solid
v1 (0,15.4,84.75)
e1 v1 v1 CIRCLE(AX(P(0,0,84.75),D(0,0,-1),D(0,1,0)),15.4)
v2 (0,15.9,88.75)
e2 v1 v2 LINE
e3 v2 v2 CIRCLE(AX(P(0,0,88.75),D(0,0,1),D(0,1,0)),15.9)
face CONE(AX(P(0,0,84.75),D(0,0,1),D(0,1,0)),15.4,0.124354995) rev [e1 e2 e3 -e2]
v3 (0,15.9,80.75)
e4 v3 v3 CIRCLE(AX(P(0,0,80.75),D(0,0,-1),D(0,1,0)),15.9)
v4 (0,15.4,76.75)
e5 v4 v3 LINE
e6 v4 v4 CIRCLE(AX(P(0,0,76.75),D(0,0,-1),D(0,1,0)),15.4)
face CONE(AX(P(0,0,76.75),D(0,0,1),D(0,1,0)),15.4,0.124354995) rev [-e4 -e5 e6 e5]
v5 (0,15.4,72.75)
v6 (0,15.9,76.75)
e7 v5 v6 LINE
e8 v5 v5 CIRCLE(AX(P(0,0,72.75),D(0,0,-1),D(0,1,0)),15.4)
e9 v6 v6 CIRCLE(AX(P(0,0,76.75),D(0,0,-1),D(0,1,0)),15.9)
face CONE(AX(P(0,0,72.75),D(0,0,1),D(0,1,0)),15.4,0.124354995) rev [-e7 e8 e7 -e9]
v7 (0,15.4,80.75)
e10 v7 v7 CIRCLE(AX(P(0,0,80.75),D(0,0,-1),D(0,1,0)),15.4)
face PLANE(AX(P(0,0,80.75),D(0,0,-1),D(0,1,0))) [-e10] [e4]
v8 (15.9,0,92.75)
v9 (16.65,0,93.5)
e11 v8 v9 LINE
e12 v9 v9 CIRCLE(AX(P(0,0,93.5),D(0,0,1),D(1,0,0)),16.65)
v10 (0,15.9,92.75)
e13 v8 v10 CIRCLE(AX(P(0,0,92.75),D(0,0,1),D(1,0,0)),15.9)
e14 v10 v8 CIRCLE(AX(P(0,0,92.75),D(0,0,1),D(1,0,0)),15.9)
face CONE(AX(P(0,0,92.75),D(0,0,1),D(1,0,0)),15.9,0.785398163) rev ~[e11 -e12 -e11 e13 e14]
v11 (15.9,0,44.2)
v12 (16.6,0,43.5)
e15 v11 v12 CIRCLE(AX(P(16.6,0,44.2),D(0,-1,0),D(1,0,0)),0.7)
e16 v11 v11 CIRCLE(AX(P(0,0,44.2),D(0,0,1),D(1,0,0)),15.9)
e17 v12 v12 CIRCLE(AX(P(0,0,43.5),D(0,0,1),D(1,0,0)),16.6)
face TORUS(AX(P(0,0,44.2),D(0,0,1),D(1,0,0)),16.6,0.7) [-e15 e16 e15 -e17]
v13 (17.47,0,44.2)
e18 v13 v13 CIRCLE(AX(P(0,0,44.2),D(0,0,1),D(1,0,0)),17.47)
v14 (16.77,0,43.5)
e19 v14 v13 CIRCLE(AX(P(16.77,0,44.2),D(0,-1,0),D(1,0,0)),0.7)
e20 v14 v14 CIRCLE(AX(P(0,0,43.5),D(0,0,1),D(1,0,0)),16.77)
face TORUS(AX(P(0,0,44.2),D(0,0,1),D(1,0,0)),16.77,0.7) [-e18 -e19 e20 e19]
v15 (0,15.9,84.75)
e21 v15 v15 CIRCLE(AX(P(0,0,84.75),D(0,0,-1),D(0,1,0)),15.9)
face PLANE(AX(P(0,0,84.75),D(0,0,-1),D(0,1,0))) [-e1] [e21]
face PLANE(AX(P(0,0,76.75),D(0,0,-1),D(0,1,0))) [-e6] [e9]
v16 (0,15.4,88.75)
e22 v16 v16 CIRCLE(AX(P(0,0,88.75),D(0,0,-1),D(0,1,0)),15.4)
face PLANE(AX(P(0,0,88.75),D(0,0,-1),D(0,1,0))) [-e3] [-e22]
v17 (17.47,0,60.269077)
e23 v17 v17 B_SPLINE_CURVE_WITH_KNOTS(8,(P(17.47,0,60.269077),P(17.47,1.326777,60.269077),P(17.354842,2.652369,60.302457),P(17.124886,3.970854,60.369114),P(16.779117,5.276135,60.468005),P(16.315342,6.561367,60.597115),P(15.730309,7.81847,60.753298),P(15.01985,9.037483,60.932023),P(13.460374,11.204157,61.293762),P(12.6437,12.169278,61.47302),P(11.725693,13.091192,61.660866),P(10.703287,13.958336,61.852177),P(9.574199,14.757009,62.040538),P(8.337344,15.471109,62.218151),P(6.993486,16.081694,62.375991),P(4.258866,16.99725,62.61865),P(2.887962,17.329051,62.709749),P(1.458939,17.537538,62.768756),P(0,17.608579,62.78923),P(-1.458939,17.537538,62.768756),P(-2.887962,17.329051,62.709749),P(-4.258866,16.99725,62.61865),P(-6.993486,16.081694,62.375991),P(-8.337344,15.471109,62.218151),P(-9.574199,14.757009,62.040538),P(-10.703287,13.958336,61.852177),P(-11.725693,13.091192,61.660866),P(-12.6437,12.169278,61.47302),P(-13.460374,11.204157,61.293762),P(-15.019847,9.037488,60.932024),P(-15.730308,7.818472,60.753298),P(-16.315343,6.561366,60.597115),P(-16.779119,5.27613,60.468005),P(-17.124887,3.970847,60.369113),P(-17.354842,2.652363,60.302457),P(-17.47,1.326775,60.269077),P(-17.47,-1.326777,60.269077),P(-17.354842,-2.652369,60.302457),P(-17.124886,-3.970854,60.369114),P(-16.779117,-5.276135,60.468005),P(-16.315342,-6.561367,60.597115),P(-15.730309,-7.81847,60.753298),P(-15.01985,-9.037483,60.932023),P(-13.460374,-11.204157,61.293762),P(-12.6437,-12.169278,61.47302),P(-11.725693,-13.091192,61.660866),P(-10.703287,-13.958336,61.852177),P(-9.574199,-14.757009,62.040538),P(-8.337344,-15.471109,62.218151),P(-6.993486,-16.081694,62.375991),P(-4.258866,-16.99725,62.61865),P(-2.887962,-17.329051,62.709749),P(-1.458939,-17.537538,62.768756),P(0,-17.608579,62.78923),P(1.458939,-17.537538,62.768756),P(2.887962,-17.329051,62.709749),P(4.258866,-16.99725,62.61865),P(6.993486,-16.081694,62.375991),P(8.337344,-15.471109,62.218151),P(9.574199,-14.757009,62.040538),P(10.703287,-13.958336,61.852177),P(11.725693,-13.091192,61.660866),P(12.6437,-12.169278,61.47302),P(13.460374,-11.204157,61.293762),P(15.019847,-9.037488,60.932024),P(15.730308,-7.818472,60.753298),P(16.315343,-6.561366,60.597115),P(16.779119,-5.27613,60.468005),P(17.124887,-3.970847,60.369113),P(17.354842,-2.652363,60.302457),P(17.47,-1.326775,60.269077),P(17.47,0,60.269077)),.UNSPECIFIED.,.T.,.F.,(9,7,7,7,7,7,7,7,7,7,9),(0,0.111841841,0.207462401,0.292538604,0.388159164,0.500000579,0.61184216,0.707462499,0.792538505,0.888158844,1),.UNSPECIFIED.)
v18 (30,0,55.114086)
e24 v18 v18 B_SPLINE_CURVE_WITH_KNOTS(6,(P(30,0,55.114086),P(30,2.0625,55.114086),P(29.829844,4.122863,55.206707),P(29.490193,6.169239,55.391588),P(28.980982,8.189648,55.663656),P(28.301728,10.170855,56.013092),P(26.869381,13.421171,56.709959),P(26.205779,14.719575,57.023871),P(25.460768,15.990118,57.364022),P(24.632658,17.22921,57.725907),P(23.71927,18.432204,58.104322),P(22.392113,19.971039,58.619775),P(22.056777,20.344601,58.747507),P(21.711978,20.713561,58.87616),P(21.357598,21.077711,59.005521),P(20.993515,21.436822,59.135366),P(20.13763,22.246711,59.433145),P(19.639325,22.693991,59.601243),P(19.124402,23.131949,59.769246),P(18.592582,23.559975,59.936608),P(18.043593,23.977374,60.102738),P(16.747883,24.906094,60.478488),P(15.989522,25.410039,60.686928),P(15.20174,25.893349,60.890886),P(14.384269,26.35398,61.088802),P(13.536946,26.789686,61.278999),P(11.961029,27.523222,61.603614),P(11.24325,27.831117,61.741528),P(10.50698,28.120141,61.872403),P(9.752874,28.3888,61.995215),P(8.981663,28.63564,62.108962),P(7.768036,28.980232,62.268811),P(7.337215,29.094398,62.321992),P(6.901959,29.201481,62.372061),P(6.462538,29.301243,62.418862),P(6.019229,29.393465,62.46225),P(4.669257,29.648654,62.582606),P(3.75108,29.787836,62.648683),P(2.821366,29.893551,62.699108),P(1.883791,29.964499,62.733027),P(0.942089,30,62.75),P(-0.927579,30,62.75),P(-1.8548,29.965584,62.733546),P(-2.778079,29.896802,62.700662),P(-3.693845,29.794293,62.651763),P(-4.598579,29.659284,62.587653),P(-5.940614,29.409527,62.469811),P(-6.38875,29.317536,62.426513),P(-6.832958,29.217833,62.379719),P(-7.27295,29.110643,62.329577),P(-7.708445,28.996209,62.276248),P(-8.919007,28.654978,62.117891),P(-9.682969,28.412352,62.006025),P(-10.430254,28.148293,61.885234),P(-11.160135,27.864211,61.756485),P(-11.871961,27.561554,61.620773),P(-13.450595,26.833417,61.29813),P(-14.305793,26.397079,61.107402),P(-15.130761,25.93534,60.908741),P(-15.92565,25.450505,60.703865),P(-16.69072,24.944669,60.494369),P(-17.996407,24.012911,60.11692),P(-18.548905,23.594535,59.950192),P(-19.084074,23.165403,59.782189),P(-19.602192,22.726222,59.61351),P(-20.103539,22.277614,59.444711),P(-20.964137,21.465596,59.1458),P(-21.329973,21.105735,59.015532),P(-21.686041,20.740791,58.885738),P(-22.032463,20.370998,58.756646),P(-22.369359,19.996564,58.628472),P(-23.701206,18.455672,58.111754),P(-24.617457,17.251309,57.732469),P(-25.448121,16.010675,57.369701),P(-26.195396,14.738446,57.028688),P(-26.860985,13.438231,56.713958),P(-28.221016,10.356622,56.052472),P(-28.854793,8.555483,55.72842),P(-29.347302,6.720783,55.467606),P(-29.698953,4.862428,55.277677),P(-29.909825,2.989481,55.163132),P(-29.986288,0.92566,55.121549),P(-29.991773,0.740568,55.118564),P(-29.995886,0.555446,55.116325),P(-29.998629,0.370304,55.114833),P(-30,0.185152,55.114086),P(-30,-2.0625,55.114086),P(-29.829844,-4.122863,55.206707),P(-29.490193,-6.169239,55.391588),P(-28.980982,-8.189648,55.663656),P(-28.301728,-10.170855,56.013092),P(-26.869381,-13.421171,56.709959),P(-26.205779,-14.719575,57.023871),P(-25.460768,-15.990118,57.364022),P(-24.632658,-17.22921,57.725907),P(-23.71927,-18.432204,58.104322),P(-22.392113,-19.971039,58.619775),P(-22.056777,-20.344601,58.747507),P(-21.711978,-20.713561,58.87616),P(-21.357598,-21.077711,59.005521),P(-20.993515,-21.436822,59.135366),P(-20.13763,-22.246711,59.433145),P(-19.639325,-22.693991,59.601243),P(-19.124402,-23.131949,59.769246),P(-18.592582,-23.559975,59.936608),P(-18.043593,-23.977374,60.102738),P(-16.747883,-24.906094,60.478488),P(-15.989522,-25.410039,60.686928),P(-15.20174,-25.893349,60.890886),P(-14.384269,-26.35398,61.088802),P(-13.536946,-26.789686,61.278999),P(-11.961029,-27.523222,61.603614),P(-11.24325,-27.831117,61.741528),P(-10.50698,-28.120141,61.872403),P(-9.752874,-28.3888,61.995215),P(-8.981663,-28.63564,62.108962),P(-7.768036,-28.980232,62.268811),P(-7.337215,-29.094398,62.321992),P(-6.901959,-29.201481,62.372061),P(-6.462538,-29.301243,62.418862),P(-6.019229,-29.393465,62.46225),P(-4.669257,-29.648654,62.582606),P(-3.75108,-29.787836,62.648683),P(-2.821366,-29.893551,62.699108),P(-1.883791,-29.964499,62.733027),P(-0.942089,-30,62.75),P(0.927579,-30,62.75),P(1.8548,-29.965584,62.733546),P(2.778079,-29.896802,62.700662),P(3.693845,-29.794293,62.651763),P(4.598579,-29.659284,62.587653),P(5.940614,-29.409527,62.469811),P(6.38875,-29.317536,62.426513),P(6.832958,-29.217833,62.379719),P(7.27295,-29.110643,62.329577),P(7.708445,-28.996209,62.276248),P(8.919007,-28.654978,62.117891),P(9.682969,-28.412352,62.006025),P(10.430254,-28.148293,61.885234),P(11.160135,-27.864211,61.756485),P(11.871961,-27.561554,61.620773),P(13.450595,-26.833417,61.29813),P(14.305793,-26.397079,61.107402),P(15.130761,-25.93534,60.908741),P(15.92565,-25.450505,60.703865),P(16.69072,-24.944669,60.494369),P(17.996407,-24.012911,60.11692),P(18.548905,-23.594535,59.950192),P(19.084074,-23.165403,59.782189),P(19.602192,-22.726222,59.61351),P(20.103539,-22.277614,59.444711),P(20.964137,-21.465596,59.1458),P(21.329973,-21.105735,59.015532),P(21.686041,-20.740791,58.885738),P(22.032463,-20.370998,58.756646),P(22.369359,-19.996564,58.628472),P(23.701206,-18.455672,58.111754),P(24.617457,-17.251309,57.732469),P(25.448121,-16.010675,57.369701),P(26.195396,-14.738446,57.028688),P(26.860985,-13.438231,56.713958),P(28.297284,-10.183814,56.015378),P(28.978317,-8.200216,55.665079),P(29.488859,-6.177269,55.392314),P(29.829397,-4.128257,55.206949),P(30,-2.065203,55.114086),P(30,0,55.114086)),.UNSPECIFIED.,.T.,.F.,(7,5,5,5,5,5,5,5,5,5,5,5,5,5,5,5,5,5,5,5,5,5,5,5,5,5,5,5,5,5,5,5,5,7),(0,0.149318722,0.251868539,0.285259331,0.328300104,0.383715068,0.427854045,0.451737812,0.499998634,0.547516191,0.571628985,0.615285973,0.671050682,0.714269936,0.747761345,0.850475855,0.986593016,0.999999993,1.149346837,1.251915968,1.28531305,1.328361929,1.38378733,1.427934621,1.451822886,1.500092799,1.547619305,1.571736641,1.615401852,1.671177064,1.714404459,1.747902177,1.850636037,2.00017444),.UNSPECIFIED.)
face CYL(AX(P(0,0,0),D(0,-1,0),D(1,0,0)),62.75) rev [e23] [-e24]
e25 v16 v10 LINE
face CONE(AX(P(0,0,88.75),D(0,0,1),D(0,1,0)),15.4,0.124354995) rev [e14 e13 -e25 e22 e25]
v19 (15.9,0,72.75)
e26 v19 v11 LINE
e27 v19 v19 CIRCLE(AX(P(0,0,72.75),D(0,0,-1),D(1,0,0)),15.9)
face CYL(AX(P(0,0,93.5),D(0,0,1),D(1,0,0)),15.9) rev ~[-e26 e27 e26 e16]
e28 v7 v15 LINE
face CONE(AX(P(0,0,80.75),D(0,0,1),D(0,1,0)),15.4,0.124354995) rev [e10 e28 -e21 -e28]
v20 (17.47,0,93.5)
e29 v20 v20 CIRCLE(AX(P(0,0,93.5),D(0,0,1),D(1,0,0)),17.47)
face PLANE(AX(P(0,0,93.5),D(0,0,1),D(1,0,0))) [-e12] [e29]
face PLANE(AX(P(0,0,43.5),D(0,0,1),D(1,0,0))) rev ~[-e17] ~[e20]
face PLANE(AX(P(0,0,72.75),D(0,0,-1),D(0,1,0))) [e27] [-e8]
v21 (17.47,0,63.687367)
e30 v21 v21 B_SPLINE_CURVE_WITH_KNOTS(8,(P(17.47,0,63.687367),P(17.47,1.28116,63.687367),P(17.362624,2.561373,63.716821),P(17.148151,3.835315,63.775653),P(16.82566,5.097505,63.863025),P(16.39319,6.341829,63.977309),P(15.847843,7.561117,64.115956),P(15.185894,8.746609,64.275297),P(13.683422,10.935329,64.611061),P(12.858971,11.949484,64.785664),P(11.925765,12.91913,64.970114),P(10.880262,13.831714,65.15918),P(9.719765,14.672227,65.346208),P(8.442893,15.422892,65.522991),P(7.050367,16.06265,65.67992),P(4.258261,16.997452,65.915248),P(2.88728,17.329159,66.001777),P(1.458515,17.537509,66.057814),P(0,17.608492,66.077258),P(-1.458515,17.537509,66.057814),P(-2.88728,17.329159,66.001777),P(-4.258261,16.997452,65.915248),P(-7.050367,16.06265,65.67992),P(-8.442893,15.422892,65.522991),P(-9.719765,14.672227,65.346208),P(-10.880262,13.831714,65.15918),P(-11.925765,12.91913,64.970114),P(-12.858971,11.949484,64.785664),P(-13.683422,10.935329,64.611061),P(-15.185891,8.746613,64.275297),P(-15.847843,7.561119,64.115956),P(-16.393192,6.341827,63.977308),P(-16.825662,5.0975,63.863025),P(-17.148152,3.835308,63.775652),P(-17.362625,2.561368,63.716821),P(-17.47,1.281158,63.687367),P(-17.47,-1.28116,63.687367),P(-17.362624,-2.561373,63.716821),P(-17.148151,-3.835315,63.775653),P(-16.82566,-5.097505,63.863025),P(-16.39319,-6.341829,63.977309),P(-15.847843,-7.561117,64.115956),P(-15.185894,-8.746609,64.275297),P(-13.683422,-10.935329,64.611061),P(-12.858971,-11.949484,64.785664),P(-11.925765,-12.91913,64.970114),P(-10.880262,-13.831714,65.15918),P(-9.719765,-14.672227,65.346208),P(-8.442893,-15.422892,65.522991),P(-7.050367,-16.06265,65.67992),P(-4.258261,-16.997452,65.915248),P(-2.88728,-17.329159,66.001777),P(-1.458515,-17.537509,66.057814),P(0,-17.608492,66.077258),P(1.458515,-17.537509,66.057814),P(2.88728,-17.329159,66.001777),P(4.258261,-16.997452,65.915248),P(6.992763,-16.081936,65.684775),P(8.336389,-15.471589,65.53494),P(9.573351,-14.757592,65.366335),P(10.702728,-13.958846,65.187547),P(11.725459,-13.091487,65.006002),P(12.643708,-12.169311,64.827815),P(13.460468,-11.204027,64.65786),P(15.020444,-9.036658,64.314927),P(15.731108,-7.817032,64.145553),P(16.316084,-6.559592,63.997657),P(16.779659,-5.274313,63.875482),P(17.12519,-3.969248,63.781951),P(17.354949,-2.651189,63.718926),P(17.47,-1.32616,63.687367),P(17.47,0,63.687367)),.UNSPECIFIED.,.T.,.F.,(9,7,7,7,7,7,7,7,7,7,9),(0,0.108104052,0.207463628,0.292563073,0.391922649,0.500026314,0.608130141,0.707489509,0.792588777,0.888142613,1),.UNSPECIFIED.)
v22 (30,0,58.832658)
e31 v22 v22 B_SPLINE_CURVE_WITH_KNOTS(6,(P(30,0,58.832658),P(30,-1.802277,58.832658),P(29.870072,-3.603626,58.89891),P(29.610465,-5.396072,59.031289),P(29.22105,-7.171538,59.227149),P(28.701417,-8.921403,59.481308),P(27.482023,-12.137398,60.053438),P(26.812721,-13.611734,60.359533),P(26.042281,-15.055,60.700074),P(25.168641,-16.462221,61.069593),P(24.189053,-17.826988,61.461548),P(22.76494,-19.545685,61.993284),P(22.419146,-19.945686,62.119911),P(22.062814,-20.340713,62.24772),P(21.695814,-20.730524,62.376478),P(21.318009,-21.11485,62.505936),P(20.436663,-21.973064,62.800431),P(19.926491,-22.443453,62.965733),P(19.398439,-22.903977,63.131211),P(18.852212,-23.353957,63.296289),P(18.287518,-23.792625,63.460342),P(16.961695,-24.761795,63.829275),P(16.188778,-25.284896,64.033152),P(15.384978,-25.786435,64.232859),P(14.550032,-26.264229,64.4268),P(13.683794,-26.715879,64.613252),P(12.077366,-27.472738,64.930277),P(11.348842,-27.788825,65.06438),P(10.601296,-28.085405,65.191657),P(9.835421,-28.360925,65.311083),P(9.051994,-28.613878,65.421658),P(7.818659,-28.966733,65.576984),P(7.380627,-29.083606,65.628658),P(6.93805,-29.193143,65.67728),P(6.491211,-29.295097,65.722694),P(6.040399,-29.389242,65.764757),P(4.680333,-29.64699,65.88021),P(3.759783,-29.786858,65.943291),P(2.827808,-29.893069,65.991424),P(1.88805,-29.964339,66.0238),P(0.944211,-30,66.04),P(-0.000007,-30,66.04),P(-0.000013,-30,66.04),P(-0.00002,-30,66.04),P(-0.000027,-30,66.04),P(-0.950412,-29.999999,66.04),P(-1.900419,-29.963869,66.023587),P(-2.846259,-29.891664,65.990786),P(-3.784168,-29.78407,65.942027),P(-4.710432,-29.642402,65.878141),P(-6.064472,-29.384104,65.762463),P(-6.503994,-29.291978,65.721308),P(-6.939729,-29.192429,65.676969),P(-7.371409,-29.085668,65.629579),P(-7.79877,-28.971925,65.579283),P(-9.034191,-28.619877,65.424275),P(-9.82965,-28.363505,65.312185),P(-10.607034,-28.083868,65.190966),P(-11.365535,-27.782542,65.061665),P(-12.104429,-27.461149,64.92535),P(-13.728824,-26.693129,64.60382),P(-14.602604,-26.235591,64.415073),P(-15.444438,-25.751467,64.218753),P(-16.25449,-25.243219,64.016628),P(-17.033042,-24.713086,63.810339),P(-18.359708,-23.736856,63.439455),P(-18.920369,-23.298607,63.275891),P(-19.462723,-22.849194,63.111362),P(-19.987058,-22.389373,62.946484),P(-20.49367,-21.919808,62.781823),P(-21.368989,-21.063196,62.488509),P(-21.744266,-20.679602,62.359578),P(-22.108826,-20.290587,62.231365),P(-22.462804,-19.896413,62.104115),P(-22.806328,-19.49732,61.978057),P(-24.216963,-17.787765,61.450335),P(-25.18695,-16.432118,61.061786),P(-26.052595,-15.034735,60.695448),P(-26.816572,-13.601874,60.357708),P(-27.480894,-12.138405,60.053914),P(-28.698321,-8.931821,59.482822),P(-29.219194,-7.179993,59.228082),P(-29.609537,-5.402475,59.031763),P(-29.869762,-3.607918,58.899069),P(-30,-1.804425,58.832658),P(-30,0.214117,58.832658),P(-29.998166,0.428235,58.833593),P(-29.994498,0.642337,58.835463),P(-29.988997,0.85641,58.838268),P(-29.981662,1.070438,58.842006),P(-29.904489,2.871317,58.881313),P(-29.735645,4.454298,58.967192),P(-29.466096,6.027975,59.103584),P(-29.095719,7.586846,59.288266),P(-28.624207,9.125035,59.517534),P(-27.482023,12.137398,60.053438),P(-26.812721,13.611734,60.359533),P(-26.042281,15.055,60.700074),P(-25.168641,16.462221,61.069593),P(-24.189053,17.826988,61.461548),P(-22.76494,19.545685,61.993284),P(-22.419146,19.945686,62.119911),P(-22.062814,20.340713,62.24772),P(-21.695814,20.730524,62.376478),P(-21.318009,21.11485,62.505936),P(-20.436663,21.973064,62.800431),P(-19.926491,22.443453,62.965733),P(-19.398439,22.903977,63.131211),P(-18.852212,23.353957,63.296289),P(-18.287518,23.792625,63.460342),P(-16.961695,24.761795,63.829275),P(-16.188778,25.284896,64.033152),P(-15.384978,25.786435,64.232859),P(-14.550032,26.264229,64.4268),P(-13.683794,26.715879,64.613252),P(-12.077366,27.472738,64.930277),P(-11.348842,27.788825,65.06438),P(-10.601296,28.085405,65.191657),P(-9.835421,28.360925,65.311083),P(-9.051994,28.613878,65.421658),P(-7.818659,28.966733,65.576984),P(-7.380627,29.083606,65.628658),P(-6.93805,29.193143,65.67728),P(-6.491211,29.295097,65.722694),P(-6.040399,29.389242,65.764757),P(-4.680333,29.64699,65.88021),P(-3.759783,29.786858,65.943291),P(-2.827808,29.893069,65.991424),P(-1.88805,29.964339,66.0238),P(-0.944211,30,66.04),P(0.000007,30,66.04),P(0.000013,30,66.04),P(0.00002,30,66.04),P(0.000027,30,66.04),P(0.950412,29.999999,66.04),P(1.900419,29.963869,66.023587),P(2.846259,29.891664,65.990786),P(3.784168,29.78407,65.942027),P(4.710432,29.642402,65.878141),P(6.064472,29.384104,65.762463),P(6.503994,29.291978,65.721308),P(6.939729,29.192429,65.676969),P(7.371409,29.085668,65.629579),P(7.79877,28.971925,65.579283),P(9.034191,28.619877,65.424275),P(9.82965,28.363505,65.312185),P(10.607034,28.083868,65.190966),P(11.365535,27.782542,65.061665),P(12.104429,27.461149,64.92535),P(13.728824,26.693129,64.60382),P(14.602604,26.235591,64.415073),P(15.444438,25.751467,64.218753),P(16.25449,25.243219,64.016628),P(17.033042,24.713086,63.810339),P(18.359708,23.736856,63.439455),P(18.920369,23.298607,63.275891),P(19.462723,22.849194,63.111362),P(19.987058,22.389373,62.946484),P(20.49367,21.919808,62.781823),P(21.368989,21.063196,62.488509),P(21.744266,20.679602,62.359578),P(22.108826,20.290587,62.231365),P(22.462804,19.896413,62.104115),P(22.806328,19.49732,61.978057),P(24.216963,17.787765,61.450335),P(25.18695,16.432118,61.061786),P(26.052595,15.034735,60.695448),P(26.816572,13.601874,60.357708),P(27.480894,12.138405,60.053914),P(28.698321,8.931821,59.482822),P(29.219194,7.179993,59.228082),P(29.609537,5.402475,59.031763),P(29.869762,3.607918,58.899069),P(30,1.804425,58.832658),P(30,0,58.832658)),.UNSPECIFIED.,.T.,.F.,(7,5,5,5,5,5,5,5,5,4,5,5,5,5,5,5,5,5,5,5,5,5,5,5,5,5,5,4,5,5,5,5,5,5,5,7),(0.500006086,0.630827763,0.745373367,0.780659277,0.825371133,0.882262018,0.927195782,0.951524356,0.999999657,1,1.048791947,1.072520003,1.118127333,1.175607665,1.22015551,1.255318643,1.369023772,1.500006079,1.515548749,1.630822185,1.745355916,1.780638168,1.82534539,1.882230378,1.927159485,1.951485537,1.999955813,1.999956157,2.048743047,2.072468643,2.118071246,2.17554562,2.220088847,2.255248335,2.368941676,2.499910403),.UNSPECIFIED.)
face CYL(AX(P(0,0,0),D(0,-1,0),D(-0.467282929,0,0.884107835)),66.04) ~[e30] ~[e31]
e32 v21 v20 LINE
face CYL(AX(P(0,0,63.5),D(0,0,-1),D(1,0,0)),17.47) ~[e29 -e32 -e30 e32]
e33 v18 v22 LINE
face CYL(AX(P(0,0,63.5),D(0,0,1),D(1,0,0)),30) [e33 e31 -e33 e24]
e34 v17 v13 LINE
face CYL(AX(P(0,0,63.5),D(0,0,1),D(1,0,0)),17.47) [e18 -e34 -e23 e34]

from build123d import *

# Parameters (mm, degrees)
SKETCH2_R                = 30
BOSS_EXTRUDE4_DEPTH      = 2.54
BOSS_EXTRUDE4_DEPTH_BACK = 12.7
SKETCH1_R                = 62.75
CUT_EXTRUDE5_DEPTH       = 31
CUT_EXTRUDE5_DEPTH_BACK  = 31
CUT_EXTRUDE6_DEPTH       = 31.0000001
CUT_EXTRUDE6_DEPTH_BACK  = 31.0000001
SKETCH12_R               = 17.47
BOSS_EXTRUDE7_DEPTH      = 30
BOSS_EXTRUDE7_DEPTH_BACK = 20
SKETCH20_R               = 15.9
CUT_EXTRUDE8_DEPTH       = 51.0000001
CHAMFER1_SIZE            = 0.75
FILLET1_R                = 0.7
LPATTERN1_COUNT          = 5
LPATTERN1_PITCH          = 4


with BuildPart() as part:
    # Sketch2 → Boss-Extrude4 (new body, two sides)
    with BuildSketch(Plane.XY.offset(63.5)) as boss_extrude4_sk:
        Circle(SKETCH2_R)
    extrude(amount=BOSS_EXTRUDE4_DEPTH)
    extrude(boss_extrude4_sk.sketch, amount=-BOSS_EXTRUDE4_DEPTH_BACK)

    # Sketch1 → Cut-Extrude5 (cut, two sides)
    with BuildSketch(Plane(origin=(0, 0, 0), x_dir=(1, 0, 0), z_dir=(0, 1, 0))) as cut_extrude5_sk:
        Circle(SKETCH1_R)
    extrude(amount=CUT_EXTRUDE5_DEPTH, mode=Mode.SUBTRACT)
    extrude(cut_extrude5_sk.sketch, amount=-CUT_EXTRUDE5_DEPTH_BACK, mode=Mode.SUBTRACT)

    # Sketch11 → Cut-Extrude6 (cut, two sides)
    with BuildSketch(Plane(origin=(0, 0, 0), x_dir=(1, 0, 0), z_dir=(0, 1, 0))) as cut_extrude6_sk:
        with BuildLine():
            Line((31.285011062, -58.15951928), (31.285011062, -70.975470201))
            Line((31.285011062, -70.975470201), (-30.859364653, -70.975470201))
            Line((-30.859364653, -70.975470201), (-30.859364653, -58.386481425))
            ThreePointArc((-30.859364653, -58.386481425), (0.241188039, -66.039559571), (31.285011062, -58.15951928))
        make_face()
    extrude(amount=CUT_EXTRUDE6_DEPTH, mode=Mode.SUBTRACT)
    extrude(cut_extrude6_sk.sketch, amount=-CUT_EXTRUDE6_DEPTH_BACK, mode=Mode.SUBTRACT)

    # Sketch12 → Boss-Extrude7 (add, two sides)
    with BuildSketch(Plane.XY.offset(63.5)) as boss_extrude7_sk:
        Circle(SKETCH12_R)
    extrude(amount=BOSS_EXTRUDE7_DEPTH)
    extrude(boss_extrude7_sk.sketch, amount=-BOSS_EXTRUDE7_DEPTH_BACK)

    # Sketch20 → Cut-Extrude8 (cut, through all)
    with BuildSketch(Plane.XY.offset(93.5)):
        Circle(SKETCH20_R)
    extrude(amount=-CUT_EXTRUDE8_DEPTH, mode=Mode.SUBTRACT)

    # Chamfer1
    chamfer1_edges = [part.edges().sort_by_distance(p)[0] for p in [
        (-15.9, 0, 93.5),
    ]]
    chamfer(chamfer1_edges, length=CHAMFER1_SIZE)

    # Fillet1
    fillet1_edges = [part.edges().sort_by_distance(p)[0] for p in [
        (-17.47, 0, 43.5),
        (-15.9, 0, 43.5),
    ]]
    fillet(fillet1_edges, radius=FILLET1_R)

    # Sketch23 → Revolve1 (revolve)
    with BuildSketch(Plane(origin=(0, 0, 0), x_dir=(0, 0, -1), z_dir=(1, 0, 0))):
        Polygon((-92.75, 15.9), (-88.75, 15.9), (-88.75, 15.4), align=None)
    revolve1 = revolve(axis=Axis((0, 0, 93.5), (0, 0, -1)))

    # LPattern1: Revolve1 ×5
    with Locations(*[(0, 0, -i * LPATTERN1_PITCH) for i in range(1, LPATTERN1_COUNT)]):
        add(revolve1)


solid = part.part
